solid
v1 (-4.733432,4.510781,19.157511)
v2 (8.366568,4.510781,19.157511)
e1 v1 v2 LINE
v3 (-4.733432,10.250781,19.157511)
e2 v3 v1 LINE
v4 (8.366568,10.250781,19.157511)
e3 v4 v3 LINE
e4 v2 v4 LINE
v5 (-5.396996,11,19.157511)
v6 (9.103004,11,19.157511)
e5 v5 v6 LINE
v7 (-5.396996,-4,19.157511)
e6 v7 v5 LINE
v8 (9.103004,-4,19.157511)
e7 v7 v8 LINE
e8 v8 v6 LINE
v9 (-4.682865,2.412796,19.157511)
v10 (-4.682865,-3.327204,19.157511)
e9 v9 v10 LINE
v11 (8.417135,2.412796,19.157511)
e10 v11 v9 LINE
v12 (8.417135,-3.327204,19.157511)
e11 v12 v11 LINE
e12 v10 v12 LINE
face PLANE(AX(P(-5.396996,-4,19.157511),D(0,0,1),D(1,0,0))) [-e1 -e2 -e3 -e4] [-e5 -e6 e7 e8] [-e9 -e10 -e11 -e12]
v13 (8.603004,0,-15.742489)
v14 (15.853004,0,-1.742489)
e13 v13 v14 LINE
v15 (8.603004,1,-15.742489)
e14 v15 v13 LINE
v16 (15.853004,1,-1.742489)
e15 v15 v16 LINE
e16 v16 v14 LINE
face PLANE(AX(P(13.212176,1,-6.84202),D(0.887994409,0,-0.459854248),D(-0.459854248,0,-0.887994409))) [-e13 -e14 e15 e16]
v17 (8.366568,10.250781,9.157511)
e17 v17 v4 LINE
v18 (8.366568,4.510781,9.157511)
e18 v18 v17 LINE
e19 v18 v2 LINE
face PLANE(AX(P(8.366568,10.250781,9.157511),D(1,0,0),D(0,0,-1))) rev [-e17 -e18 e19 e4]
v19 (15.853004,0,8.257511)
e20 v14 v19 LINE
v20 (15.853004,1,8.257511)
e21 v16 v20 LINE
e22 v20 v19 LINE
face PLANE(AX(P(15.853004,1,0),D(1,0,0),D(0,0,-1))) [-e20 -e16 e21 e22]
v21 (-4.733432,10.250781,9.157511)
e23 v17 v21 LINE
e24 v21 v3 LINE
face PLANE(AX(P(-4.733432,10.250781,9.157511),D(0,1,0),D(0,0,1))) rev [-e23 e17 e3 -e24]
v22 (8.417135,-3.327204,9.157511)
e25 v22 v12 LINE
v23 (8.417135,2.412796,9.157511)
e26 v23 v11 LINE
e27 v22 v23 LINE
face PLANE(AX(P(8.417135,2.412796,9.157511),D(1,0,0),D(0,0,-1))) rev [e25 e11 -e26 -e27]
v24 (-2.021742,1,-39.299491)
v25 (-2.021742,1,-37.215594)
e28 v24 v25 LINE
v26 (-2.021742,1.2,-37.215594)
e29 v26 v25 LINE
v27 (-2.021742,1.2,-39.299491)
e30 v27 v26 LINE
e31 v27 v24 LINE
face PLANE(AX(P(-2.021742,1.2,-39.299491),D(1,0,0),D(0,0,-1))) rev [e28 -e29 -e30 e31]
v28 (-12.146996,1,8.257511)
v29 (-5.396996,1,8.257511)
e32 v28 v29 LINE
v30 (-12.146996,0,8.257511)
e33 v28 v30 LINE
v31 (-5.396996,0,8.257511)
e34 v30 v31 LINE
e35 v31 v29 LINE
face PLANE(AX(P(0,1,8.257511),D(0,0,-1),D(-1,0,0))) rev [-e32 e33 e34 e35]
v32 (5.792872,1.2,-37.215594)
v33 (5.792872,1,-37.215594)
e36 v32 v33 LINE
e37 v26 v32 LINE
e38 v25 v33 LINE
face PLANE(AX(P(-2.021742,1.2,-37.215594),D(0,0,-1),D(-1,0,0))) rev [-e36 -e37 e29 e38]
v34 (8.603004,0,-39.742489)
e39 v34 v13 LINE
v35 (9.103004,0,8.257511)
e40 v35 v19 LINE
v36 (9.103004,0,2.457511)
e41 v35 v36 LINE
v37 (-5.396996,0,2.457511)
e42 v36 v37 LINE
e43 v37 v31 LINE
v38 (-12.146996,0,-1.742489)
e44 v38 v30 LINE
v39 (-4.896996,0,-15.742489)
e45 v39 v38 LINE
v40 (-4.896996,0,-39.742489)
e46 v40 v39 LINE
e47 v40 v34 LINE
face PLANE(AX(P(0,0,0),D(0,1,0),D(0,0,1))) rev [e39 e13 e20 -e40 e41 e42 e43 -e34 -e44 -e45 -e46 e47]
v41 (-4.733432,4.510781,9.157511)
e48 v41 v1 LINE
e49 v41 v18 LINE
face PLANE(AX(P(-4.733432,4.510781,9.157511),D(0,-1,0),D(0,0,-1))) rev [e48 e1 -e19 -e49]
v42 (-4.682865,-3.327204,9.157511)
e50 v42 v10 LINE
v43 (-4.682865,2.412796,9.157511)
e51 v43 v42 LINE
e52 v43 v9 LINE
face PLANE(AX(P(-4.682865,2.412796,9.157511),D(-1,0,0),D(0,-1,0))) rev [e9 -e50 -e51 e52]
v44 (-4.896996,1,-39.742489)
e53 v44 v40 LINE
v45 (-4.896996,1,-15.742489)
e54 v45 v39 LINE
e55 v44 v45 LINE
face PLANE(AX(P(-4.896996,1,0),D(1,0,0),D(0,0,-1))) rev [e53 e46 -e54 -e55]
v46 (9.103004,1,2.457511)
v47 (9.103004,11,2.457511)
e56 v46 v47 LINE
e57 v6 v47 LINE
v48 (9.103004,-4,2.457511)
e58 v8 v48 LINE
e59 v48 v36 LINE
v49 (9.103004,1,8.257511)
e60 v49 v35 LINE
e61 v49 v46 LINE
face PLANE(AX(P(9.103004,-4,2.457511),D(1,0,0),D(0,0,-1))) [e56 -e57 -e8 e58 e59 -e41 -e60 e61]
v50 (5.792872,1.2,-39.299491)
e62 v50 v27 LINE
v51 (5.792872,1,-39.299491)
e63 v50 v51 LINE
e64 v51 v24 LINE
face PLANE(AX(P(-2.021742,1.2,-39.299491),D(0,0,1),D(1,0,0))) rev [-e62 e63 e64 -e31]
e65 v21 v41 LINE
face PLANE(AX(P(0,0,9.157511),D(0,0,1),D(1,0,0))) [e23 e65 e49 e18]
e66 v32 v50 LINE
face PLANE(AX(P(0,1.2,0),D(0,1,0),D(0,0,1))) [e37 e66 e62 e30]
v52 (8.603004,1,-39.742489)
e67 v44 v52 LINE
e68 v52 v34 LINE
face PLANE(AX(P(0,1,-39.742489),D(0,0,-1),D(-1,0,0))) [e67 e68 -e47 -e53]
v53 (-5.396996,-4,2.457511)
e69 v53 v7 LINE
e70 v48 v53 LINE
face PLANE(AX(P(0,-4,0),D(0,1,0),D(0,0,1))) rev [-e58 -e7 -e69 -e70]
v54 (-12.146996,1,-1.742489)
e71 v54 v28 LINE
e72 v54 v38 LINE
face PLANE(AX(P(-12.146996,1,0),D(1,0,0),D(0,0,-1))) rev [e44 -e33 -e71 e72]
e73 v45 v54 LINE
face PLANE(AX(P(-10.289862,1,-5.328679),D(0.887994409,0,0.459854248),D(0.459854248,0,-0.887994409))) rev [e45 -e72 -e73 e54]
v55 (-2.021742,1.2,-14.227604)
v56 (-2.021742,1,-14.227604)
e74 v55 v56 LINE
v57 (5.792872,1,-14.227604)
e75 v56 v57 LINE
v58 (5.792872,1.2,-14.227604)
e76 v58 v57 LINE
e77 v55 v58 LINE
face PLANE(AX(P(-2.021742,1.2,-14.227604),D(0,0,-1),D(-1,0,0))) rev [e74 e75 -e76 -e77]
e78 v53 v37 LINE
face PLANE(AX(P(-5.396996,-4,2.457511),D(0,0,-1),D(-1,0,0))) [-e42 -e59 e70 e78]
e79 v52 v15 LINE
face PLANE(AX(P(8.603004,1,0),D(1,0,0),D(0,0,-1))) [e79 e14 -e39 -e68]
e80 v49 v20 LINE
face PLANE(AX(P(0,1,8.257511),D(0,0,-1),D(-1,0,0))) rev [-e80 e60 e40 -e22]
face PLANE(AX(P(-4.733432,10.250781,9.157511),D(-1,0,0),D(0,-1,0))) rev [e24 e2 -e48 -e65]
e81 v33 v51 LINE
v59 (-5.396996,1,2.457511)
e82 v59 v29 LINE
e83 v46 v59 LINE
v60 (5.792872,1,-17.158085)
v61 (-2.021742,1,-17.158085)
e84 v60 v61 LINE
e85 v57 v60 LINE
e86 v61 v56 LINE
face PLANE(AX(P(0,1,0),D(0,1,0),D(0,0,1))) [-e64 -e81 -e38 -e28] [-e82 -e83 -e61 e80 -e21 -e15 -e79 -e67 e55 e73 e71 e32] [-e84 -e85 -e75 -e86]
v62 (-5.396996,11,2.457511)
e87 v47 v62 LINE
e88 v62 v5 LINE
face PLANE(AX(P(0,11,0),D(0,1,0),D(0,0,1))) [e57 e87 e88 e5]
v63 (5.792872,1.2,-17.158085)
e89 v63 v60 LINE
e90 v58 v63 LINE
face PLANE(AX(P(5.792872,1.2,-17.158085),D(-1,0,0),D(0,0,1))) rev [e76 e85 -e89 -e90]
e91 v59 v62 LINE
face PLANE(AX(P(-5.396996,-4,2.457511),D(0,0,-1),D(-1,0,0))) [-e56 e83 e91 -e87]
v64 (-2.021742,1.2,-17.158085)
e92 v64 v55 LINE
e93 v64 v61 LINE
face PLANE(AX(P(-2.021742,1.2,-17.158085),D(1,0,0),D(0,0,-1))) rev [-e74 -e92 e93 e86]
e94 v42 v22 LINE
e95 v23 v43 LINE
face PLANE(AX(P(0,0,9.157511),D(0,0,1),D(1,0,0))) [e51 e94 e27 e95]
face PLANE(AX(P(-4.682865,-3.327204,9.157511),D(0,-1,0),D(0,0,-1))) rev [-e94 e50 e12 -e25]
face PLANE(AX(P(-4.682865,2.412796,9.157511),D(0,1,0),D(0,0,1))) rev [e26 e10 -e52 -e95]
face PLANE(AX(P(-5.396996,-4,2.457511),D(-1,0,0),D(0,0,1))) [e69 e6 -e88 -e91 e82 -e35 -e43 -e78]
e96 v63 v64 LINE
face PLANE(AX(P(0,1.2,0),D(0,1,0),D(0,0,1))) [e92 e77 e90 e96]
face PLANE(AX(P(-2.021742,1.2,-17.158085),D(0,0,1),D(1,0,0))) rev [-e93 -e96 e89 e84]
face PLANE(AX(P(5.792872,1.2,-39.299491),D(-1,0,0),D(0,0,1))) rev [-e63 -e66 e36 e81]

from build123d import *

# Parameters (mm, degrees)
SKETCH1_W           = 28
SKETCH1_H           = 10
SKETCH1_W_2         = 13.5
SKETCH1_H_2         = 24
BOSS_EXTRUDE1_DEPTH = 1
SKETCH2_W           = 14.5
SKETCH2_H           = 16.7
BOSS_EXTRUDE2_DEPTH = 15
SKETCH3_W           = 13.1
SKETCH3_H           = 5.74
CUT_EXTRUDE1_DEPTH  = 10
SKETCH4_W           = 7.814614209
SKETCH4_H           = 2.930480328
SKETCH4_H_2         = 2.083897123
BOSS_EXTRUDE3_DEPTH = 0.2


with BuildPart() as part:
    # Sketch1 → Boss-Extrude1 (new body)
    with BuildSketch(Plane(origin=(0, 0, 0), x_dir=(1, 0, 0), z_dir=(0, 1, 0))):
        Polygon((-4.896995708, 15.74248927), (8.603004292, 15.74248927), (15.853004292, 1.74248927), (-12.146995708, 1.74248927), align=None)
        with Locations((1.853004292, -3.25751073)):
            Rectangle(SKETCH1_W, SKETCH1_H)
        with Locations((1.853004292, 27.74248927)):
            Rectangle(SKETCH1_W_2, SKETCH1_H_2)
    extrude(amount=BOSS_EXTRUDE1_DEPTH)

    # Sketch2 → Boss-Extrude2 (add)
    with BuildSketch(Plane(origin=(0, 11, 0), x_dir=(1, 0, 0), z_dir=(0, 1, 0))):
        with Locations((1.853004292, -10.80751073)):
            Rectangle(SKETCH2_W, SKETCH2_H)
    extrude(amount=-BOSS_EXTRUDE2_DEPTH)

    # Sketch3 → Cut-Extrude1 (cut)
    with BuildSketch(Plane.XY.offset(19.15751073)):
        with Locations((1.816567827, 7.380781329)):
            Rectangle(SKETCH3_W, SKETCH3_H)
        with Locations((1.867135477, -0.457204484)):
            Rectangle(SKETCH3_W, SKETCH3_H)
    extrude(amount=-CUT_EXTRUDE1_DEPTH, mode=Mode.SUBTRACT)

    # Sketch4 → Boss-Extrude3 (add)
    with BuildSketch(Plane(origin=(0, 1, 0), x_dir=(1, 0, 0), z_dir=(0, 1, 0))):
        with Locations((1.885565184, 15.692844408)):
            Rectangle(SKETCH4_W, SKETCH4_H)
        with Locations((1.885565184, 38.257542937)):
            Rectangle(SKETCH4_W, SKETCH4_H_2)
    extrude(amount=BOSS_EXTRUDE3_DEPTH)


solid = part.part
